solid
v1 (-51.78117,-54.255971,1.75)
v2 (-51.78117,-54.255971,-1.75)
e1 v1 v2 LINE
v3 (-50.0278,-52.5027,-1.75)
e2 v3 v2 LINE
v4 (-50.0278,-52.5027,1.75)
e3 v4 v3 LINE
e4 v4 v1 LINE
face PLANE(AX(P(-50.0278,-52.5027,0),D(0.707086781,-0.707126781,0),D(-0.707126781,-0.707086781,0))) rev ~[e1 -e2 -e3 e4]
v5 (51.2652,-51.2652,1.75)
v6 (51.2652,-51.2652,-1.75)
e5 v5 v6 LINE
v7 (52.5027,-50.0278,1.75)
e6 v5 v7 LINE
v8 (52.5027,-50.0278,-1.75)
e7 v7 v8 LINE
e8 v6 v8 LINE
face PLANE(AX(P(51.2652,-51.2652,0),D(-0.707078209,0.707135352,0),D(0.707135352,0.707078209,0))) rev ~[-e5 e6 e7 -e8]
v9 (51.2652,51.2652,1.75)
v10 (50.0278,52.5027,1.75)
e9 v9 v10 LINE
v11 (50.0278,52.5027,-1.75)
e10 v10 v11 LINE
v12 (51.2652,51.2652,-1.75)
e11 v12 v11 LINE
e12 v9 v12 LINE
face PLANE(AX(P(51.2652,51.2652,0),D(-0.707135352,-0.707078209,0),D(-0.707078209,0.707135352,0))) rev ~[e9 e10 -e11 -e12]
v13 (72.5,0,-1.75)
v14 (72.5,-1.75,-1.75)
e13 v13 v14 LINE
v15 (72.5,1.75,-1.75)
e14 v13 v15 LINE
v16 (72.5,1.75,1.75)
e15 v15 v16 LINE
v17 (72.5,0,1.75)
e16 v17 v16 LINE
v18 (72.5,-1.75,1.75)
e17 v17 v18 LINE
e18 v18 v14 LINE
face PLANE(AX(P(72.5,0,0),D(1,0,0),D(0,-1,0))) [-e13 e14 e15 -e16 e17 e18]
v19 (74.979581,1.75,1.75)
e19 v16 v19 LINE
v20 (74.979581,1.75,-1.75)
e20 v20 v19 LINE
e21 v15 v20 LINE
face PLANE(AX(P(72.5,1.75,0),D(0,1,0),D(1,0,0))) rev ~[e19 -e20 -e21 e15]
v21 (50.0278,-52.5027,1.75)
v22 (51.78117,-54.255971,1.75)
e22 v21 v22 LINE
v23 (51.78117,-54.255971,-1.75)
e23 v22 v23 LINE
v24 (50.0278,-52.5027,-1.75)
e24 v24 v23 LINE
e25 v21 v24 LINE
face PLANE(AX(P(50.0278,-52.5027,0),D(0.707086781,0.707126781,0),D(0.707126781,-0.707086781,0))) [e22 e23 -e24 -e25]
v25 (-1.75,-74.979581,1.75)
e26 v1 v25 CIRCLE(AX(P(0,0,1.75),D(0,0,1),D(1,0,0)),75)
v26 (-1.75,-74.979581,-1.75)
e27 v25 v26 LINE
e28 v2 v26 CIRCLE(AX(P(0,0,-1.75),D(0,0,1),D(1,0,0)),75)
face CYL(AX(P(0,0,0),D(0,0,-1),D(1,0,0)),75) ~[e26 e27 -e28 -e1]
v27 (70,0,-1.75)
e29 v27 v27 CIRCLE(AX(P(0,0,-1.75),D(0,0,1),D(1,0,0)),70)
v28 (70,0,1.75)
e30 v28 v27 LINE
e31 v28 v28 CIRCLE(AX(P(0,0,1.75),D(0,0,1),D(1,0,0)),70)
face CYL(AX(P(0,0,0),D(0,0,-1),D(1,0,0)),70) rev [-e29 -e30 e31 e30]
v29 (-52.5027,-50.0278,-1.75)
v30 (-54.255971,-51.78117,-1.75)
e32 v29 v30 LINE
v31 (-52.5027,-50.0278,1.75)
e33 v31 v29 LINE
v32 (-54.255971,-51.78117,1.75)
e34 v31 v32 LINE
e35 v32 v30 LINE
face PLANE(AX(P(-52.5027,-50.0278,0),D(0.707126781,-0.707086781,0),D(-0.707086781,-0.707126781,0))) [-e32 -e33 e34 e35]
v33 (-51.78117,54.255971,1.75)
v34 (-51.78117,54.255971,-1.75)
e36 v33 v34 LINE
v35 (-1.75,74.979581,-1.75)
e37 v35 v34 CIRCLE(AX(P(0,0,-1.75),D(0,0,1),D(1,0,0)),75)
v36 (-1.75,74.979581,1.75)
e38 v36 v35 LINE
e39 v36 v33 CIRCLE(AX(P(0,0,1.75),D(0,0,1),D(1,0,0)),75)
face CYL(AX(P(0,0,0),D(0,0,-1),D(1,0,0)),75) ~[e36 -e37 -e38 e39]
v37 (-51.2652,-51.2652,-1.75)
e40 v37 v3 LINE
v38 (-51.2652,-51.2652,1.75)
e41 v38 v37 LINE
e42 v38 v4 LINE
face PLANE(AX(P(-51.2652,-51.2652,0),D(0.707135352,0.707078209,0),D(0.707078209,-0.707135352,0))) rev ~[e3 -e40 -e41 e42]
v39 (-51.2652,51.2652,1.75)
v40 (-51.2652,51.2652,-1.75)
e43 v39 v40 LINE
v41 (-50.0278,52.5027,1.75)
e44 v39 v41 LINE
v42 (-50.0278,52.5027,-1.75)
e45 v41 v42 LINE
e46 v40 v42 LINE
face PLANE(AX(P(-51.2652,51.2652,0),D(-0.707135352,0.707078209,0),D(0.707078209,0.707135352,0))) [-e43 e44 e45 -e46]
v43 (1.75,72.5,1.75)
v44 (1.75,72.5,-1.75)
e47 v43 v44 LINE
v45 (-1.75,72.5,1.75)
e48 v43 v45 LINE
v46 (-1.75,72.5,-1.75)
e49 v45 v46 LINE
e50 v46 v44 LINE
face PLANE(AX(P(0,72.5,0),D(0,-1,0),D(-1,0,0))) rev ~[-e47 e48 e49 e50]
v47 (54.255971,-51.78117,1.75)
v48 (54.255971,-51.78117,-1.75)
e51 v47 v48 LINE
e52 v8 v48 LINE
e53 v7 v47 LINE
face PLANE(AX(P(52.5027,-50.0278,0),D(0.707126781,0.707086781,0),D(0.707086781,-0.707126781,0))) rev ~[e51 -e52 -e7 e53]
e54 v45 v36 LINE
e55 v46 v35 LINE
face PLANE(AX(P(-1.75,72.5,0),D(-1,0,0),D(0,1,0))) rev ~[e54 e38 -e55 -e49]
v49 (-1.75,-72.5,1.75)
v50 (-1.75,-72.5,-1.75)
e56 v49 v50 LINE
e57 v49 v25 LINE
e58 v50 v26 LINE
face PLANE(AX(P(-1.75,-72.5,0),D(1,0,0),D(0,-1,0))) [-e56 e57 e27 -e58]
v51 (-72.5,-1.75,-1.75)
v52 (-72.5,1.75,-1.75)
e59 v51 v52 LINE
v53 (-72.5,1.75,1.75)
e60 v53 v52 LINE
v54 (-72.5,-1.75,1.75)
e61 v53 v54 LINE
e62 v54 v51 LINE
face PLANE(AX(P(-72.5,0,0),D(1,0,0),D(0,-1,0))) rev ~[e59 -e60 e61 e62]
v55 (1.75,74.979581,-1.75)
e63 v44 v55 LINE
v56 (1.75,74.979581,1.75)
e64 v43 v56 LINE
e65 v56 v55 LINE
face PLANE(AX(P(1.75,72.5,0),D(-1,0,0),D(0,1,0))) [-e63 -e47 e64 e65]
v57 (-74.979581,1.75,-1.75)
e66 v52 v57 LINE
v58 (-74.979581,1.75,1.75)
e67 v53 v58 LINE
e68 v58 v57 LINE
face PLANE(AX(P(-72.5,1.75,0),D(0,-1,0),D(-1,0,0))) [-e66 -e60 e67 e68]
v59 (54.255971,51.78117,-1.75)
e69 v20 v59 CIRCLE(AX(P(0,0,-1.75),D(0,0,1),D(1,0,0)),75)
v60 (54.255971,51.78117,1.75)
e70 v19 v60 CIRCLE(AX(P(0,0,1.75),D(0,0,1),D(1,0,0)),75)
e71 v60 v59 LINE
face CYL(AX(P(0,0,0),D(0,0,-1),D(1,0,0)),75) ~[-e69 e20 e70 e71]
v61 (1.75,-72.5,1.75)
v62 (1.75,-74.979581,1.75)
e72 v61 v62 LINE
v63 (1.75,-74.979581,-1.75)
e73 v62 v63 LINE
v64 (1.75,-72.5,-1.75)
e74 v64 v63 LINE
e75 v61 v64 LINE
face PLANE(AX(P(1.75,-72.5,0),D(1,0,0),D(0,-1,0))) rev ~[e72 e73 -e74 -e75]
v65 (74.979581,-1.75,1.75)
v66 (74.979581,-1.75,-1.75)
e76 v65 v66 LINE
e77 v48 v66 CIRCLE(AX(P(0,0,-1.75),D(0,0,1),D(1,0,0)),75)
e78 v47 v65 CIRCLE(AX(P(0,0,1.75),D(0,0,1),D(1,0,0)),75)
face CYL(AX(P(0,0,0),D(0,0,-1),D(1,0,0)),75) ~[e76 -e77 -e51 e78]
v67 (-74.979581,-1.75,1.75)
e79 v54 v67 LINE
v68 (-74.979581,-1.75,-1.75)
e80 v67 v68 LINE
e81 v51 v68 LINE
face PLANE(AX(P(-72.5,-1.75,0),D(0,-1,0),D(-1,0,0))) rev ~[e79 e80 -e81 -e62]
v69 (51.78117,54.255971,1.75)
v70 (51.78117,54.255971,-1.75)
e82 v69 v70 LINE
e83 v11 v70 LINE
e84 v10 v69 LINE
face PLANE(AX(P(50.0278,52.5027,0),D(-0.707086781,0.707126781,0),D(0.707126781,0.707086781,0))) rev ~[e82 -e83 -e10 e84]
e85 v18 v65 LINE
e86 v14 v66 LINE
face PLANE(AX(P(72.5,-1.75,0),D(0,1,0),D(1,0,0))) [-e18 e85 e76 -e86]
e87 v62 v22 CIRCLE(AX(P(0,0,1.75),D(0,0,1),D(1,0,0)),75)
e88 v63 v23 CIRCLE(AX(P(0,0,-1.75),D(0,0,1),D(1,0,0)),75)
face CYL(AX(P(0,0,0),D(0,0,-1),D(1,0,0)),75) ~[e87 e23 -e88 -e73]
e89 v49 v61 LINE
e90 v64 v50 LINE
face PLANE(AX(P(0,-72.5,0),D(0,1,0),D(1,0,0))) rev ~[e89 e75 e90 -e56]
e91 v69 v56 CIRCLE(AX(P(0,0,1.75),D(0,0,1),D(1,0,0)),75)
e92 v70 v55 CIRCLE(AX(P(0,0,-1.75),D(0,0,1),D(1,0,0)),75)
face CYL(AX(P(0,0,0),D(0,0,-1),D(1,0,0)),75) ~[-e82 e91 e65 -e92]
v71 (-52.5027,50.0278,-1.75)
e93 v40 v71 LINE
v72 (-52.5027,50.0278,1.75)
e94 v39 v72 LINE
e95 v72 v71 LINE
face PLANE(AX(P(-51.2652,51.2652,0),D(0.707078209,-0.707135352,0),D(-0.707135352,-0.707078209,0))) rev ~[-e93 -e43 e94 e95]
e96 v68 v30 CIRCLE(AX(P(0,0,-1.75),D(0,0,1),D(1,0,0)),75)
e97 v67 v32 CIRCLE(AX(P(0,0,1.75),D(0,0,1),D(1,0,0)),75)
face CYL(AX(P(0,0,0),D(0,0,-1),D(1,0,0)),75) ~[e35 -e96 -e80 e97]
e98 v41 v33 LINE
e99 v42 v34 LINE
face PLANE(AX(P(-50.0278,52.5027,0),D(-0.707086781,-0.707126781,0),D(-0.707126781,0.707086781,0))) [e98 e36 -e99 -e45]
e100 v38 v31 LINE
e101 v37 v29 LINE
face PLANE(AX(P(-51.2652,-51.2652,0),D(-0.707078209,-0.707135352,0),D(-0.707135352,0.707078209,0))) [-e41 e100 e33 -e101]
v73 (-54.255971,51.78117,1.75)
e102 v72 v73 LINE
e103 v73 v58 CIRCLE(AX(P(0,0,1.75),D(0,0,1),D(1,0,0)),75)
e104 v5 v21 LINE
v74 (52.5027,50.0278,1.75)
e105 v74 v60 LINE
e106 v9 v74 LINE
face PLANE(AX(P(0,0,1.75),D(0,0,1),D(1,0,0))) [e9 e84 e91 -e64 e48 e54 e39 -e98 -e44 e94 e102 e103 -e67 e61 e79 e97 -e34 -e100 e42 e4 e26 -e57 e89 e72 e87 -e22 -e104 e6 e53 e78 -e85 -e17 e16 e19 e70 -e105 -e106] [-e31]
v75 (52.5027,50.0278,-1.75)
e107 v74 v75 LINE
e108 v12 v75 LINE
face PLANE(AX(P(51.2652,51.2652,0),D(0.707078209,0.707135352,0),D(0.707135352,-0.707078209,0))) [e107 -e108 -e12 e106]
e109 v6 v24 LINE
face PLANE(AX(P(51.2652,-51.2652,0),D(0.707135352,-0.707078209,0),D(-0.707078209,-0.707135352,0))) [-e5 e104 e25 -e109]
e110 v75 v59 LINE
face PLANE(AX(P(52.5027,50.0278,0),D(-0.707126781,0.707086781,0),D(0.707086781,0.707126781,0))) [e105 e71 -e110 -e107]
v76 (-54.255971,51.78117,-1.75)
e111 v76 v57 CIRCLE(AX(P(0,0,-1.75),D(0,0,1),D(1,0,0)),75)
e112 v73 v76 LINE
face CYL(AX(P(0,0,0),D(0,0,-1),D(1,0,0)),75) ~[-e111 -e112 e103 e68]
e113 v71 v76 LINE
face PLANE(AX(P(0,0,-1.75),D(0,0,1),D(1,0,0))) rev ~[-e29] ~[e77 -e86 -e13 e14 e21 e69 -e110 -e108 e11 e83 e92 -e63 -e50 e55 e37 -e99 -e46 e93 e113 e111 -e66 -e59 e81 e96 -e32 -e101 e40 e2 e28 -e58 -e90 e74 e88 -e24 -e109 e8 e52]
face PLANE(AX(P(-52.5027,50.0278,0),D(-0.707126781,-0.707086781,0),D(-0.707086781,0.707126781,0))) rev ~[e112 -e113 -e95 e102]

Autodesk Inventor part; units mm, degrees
ref_plane "YZ Plane" through (0, 0, 0) normal (1, 0, 0) x (0, 1, 0)
ref_plane "XZ Plane" through (0, 0, 0) normal (0, 1, 0) x (-1, 0, 0)
ref_plane "XY Plane" through (0, 0, 0) normal (0, 0, 1) x (1, 0, 0)
sketch "Sketch1" plane through (0, 0, 0) normal (0, 0, 1) x (1, 0, 0)
  circle A0 centre (0, 0) radius 70
  circle A1 centre (0, 0) radius 75
  line L0 (72.5, 1.75) -> (75, 1.75)
  line L1 (75, 1.75) -> (75, 0)
  line L2 (75, 0) -> (72.5, 0)
  line L3 (72.5, 0) -> (72.5, 1.75)
  line L4 (70, 0) -> (75, 0)
  line L5 (72.5, -1.75) -> (75, -1.75)
  line L6 (75, -1.75) -> (75, 0)
  line L7 (72.5, 0) -> (72.5, -1.75)
  line L8 (51.2652, 51.2652) -> (50.0278, 52.5027)
  line L9 (50.0278, 52.5027) -> (51.7956, 54.2704)
  line L10 (52.5027, 50.0278) -> (54.2704, 51.7956)
  line L11 (51.2652, 51.2652) -> (52.5027, 50.0278)
  line L12 (54.2704, 51.7956) -> (53.033, 53.033)
  line L13 (51.7956, 54.2704) -> (53.033, 53.033)
  line L14 (0, 72.5) -> (-1.75, 72.5)
  line L15 (-1.75, 72.5) -> (-1.75, 75)
  line L16 (1.75, 72.5) -> (1.75, 75)
  line L17 (0, 72.5) -> (1.75, 72.5)
  line L18 (1.75, 75) -> (0, 75)
  line L19 (-1.75, 75) -> (0, 75)
  line L20 (-51.2652, 51.2652) -> (-52.5027, 50.0278)
  line L21 (-52.5027, 50.0278) -> (-54.2704, 51.7956)
  line L22 (-50.0278, 52.5027) -> (-51.7956, 54.2704)
  line L23 (-51.2652, 51.2652) -> (-50.0278, 52.5027)
  line L24 (-51.7956, 54.2704) -> (-53.033, 53.033)
  line L25 (-54.2704, 51.7956) -> (-53.033, 53.033)
  line L26 (-72.5, 0) -> (-72.5, -1.75)
  line L27 (-72.5, -1.75) -> (-75, -1.75)
  line L28 (-72.5, 1.75) -> (-75, 1.75)
  line L29 (-72.5, 0) -> (-72.5, 1.75)
  line L30 (-75, 1.75) -> (-75, 0)
  line L31 (-75, -1.75) -> (-75, 0)
  line L32 (-51.2652, -51.2652) -> (-50.0278, -52.5027)
  line L33 (-50.0278, -52.5027) -> (-51.7956, -54.2704)
  line L34 (-52.5027, -50.0278) -> (-54.2704, -51.7956)
  line L35 (-51.2652, -51.2652) -> (-52.5027, -50.0278)
  line L36 (-54.2704, -51.7956) -> (-53.033, -53.033)
  line L37 (-51.7956, -54.2704) -> (-53.033, -53.033)
  line L38 (0, -72.5) -> (1.75, -72.5)
  line L39 (1.75, -72.5) -> (1.75, -75)
  line L40 (-1.75, -72.5) -> (-1.75, -75)
  line L41 (0, -72.5) -> (-1.75, -72.5)
  line L42 (-1.75, -75) -> (0, -75)
  line L43 (1.75, -75) -> (0, -75)
  line L44 (51.2652, -51.2652) -> (52.5027, -50.0278)
  line L45 (52.5027, -50.0278) -> (54.2704, -51.7956)
  line L46 (50.0278, -52.5027) -> (51.7956, -54.2704)
  line L47 (51.2652, -51.2652) -> (50.0278, -52.5027)
  line L48 (51.7956, -54.2704) -> (53.033, -53.033)
  line L49 (54.2704, -51.7956) -> (53.033, -53.033)
  point P0 (74.9796, 1.75)
  point P1 (54.256, 51.7811)
  point P2 (51.7811, 54.256)
  point P3 (1.75, 74.9796)
  point P4 (-1.75, 74.9796)
  point P5 (-51.7811, 54.256)
  point P6 (-54.256, 51.7811)
  point P7 (-74.9796, 1.75)
  point P8 (-74.9796, -1.75)
  point P9 (-54.256, -51.7811)
  point P10 (-51.7811, -54.256)
  point P11 (-1.75, -74.9796)
  point P12 (1.75, -74.9796)
  point P13 (51.7811, -54.256)
  point P14 (54.256, -51.7811)
  point P15 (74.9796, -1.75)
  dimension "d0" = 140
  dimension "d1" = 5
  dimension "d2" = 1.75
  dimension "d5" = 360
extrude "Extrusion1" add sketch "Sketch1" along normal mid plane 3.5 contours L7 L5 A1 L45 L44 L47 L46 L39 L38 L41 L40 L33 L32 L35 L34 L27 L26 L29 L28 L21 L20 L23 L22 L15 L14 L17 L16 L9 L8 L11 L10 L0 L3
properties part number "Sirsi obroc"
